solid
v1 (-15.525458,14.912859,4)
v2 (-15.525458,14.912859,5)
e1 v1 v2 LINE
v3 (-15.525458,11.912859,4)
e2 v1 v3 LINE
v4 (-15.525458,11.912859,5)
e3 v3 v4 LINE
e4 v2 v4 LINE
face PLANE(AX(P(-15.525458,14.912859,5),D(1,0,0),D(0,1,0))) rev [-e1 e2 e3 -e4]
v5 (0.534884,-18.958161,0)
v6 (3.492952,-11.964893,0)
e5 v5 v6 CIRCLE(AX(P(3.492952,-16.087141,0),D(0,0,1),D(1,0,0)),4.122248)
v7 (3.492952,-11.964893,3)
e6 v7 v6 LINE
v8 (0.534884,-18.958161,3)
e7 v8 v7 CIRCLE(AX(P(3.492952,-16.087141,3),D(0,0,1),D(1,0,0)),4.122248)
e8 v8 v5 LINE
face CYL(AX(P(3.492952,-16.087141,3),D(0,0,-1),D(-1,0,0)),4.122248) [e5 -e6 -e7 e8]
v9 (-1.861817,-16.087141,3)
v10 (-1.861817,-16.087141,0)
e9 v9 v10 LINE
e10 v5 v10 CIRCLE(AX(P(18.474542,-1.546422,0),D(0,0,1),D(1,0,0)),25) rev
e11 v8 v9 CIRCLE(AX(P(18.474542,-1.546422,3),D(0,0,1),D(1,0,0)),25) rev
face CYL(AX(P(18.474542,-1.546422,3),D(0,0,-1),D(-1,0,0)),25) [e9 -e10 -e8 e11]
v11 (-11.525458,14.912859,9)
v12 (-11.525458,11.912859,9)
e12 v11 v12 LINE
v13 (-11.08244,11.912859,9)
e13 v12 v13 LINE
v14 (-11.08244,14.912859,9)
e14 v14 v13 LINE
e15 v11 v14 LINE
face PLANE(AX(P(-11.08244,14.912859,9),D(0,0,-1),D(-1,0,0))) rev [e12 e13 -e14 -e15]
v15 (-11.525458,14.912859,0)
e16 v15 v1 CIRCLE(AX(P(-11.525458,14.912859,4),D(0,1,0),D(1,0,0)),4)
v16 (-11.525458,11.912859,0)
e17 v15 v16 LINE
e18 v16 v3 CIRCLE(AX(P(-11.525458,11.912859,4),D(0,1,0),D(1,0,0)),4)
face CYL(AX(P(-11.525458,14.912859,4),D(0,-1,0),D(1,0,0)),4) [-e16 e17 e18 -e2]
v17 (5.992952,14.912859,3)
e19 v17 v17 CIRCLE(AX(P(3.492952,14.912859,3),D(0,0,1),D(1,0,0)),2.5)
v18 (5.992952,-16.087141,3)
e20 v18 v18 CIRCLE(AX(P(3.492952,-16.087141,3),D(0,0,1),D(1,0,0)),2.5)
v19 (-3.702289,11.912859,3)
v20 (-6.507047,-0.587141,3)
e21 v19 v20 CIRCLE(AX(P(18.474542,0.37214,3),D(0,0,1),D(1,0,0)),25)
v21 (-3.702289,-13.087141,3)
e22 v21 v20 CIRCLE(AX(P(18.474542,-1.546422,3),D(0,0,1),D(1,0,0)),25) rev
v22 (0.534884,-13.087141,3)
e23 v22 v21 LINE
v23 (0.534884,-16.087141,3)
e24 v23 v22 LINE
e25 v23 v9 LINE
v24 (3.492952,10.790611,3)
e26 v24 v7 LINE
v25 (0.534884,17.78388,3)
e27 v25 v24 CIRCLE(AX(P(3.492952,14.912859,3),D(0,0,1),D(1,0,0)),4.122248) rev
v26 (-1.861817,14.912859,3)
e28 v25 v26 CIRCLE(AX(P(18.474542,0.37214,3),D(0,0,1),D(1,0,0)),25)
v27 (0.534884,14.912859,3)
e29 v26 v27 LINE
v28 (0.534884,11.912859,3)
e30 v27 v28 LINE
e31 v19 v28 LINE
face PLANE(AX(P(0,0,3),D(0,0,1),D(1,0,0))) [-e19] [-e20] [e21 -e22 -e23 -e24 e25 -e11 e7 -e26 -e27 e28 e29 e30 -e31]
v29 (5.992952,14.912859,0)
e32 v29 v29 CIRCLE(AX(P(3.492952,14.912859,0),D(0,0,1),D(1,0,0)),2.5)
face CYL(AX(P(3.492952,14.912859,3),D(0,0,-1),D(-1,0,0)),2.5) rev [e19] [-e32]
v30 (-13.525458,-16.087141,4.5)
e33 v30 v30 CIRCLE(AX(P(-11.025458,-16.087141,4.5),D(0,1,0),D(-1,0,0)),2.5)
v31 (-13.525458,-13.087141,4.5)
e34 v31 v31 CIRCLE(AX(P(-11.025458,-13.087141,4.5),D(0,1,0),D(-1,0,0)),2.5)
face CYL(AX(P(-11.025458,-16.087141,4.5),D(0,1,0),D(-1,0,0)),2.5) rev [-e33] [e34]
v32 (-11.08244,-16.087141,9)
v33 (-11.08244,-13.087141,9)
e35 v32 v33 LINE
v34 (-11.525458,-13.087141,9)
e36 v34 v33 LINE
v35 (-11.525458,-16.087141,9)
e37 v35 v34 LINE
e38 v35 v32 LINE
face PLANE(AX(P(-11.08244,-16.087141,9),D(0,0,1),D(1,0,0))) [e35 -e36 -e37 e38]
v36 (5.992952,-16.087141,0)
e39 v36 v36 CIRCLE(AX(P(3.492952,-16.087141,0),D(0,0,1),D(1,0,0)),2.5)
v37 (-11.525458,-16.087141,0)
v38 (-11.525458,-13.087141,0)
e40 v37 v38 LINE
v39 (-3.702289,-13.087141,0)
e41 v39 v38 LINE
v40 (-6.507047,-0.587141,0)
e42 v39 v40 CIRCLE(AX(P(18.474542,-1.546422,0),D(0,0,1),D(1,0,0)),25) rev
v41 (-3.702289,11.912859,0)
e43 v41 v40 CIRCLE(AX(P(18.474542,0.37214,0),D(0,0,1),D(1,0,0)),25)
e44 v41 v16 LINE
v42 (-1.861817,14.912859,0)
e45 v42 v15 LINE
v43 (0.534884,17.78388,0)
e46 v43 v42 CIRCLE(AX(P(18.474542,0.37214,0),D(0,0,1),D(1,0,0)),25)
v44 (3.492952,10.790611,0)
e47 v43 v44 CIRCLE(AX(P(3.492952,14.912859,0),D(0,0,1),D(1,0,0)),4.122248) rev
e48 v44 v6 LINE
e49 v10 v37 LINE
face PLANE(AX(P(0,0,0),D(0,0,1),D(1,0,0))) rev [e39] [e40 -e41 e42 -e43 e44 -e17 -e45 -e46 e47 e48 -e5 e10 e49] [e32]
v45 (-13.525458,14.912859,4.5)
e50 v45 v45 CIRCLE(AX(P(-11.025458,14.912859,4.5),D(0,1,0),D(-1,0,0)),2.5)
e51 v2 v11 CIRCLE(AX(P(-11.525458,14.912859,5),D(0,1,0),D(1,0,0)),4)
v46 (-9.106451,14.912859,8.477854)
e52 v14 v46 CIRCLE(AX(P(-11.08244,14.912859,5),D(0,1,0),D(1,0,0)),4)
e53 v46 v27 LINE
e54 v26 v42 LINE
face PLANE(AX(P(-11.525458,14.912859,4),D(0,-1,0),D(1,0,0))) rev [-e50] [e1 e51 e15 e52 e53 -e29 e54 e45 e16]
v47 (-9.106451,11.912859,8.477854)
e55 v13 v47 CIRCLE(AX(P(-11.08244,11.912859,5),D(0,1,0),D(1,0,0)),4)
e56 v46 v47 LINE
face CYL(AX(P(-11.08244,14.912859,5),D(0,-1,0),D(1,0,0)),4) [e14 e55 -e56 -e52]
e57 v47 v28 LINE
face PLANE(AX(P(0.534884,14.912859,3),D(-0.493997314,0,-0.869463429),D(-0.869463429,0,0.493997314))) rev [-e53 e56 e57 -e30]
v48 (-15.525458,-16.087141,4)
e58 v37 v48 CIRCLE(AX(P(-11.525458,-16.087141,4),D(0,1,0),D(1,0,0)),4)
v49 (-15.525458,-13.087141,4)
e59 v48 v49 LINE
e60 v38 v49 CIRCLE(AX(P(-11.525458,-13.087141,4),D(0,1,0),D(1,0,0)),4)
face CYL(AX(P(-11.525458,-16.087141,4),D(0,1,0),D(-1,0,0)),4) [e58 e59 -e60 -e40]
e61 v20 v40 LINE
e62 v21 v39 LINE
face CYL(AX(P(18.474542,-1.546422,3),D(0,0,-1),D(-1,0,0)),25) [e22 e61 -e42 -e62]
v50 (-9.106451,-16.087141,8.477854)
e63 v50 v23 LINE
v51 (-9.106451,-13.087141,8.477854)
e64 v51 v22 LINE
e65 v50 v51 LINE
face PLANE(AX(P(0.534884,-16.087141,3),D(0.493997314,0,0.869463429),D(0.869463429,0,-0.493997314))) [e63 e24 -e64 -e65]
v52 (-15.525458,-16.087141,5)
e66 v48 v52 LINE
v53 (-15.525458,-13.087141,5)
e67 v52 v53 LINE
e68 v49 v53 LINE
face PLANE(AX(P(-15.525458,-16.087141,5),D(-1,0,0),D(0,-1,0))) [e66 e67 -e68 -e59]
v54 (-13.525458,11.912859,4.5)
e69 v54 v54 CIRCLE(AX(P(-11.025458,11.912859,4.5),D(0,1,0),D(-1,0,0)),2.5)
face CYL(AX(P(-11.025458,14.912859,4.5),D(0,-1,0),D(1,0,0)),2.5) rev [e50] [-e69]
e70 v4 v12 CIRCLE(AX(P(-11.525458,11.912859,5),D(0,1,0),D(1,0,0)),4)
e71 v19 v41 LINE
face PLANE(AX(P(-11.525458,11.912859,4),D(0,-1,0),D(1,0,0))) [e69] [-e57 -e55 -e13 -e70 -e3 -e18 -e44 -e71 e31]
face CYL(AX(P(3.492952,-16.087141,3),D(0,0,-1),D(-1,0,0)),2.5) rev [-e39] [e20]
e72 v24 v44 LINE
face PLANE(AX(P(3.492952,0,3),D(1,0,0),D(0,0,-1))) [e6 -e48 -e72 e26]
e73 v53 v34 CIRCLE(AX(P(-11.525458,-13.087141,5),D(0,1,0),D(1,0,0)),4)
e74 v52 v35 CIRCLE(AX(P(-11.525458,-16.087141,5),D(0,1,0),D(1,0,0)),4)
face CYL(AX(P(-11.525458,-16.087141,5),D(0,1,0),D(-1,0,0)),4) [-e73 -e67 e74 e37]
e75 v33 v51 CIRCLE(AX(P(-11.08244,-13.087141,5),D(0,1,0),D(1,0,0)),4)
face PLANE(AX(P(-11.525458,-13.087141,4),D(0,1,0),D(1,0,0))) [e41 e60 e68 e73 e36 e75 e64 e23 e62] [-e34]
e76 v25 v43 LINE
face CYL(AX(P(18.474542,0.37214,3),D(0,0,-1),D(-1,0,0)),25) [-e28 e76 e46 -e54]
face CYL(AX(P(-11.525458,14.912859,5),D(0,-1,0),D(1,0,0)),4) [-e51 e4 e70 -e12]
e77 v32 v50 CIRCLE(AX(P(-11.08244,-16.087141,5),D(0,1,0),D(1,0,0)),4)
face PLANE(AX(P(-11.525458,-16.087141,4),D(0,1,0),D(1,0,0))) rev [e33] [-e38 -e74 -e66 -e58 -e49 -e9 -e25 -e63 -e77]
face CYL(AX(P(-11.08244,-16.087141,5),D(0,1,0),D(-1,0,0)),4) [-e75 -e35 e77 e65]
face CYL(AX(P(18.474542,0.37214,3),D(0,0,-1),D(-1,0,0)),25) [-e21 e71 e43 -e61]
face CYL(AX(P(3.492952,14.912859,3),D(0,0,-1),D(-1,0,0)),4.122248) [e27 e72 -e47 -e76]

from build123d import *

# Parameters (mm, degrees)
CROQUIS2_R              = 2.5
SALIENTE_EXTRUIR1_DEPTH = 3
SALIENTE_EXTRUIR2_START = 12.5
CROQUIS4_R              = 2.5
SALIENTE_EXTRUIR2_DEPTH = 3


with BuildPart() as part:
    # Croquis2 → Saliente-Extruir1 (new body)
    with BuildSketch(Plane.XY):
        with BuildLine():
            Line((3.492952335, 10.790611409), (3.492952335, -11.964892683))
            ThreePointArc((3.492952335, -11.964892683), (7.2895288, -17.69304703), (0.534883591, -18.958160926))
            ThreePointArc((0.534883591, -18.958160926), (-4.86923602, -10.494496462), (-6.507047205, -0.587140637))
            ThreePointArc((-6.507047205, -0.587140637), (-4.86923602, 9.320215188), (0.534883591, 17.783879652))
            ThreePointArc((0.534883591, 17.783879652), (7.2895288, 16.518765755), (3.492952335, 10.790611409))
        make_face()
        with Locations((3.492952335, 14.912859363)):
            Circle(CROQUIS2_R, mode=Mode.SUBTRACT)
        with Locations((3.492952335, -16.087140637)):
            Circle(CROQUIS2_R, mode=Mode.SUBTRACT)
    extrude(amount=SALIENTE_EXTRUIR1_DEPTH)

    # Croquis4 → Saliente-Extruir2 (add)
    with BuildSketch(Plane(origin=(0, -0.587140637, 0), x_dir=(1, 0, 0), z_dir=(0, 1, 0)).offset(SALIENTE_EXTRUIR2_START)):
        with BuildLine():
            Line((0.534883591, -3), (-9.106451157, -8.477853714))
            ThreePointArc((-9.106451157, -8.477853714), (-10.060534072, -8.867260972), (-11.082440414, -9))
            Line((-11.082440414, -9), (-11.52545838, -9))
            ThreePointArc((-11.52545838, -9), (-14.353885504, -7.828427125), (-15.52545838, -5))
            Line((-15.52545838, -5), (-15.52545838, -4))
            ThreePointArc((-15.52545838, -4), (-14.353885504, -1.171572875), (-11.52545838, 0))
            Line((-11.52545838, 0), (0.534883591, 0))
            Line((0.534883591, 0), (0.534883591, -3))
        make_face()
        with Locations(Location((-11.02545838, -4.5, 0), (0, 0, 180))):
            Circle(CROQUIS4_R, mode=Mode.SUBTRACT)
    saliente_extruir2 = extrude(amount=SALIENTE_EXTRUIR2_DEPTH)

    # Simetría1: Saliente-Extruir2 across plane
    add(saliente_extruir2.mirror(Plane.ZX.offset(-0.587140637)))


solid = part.part
